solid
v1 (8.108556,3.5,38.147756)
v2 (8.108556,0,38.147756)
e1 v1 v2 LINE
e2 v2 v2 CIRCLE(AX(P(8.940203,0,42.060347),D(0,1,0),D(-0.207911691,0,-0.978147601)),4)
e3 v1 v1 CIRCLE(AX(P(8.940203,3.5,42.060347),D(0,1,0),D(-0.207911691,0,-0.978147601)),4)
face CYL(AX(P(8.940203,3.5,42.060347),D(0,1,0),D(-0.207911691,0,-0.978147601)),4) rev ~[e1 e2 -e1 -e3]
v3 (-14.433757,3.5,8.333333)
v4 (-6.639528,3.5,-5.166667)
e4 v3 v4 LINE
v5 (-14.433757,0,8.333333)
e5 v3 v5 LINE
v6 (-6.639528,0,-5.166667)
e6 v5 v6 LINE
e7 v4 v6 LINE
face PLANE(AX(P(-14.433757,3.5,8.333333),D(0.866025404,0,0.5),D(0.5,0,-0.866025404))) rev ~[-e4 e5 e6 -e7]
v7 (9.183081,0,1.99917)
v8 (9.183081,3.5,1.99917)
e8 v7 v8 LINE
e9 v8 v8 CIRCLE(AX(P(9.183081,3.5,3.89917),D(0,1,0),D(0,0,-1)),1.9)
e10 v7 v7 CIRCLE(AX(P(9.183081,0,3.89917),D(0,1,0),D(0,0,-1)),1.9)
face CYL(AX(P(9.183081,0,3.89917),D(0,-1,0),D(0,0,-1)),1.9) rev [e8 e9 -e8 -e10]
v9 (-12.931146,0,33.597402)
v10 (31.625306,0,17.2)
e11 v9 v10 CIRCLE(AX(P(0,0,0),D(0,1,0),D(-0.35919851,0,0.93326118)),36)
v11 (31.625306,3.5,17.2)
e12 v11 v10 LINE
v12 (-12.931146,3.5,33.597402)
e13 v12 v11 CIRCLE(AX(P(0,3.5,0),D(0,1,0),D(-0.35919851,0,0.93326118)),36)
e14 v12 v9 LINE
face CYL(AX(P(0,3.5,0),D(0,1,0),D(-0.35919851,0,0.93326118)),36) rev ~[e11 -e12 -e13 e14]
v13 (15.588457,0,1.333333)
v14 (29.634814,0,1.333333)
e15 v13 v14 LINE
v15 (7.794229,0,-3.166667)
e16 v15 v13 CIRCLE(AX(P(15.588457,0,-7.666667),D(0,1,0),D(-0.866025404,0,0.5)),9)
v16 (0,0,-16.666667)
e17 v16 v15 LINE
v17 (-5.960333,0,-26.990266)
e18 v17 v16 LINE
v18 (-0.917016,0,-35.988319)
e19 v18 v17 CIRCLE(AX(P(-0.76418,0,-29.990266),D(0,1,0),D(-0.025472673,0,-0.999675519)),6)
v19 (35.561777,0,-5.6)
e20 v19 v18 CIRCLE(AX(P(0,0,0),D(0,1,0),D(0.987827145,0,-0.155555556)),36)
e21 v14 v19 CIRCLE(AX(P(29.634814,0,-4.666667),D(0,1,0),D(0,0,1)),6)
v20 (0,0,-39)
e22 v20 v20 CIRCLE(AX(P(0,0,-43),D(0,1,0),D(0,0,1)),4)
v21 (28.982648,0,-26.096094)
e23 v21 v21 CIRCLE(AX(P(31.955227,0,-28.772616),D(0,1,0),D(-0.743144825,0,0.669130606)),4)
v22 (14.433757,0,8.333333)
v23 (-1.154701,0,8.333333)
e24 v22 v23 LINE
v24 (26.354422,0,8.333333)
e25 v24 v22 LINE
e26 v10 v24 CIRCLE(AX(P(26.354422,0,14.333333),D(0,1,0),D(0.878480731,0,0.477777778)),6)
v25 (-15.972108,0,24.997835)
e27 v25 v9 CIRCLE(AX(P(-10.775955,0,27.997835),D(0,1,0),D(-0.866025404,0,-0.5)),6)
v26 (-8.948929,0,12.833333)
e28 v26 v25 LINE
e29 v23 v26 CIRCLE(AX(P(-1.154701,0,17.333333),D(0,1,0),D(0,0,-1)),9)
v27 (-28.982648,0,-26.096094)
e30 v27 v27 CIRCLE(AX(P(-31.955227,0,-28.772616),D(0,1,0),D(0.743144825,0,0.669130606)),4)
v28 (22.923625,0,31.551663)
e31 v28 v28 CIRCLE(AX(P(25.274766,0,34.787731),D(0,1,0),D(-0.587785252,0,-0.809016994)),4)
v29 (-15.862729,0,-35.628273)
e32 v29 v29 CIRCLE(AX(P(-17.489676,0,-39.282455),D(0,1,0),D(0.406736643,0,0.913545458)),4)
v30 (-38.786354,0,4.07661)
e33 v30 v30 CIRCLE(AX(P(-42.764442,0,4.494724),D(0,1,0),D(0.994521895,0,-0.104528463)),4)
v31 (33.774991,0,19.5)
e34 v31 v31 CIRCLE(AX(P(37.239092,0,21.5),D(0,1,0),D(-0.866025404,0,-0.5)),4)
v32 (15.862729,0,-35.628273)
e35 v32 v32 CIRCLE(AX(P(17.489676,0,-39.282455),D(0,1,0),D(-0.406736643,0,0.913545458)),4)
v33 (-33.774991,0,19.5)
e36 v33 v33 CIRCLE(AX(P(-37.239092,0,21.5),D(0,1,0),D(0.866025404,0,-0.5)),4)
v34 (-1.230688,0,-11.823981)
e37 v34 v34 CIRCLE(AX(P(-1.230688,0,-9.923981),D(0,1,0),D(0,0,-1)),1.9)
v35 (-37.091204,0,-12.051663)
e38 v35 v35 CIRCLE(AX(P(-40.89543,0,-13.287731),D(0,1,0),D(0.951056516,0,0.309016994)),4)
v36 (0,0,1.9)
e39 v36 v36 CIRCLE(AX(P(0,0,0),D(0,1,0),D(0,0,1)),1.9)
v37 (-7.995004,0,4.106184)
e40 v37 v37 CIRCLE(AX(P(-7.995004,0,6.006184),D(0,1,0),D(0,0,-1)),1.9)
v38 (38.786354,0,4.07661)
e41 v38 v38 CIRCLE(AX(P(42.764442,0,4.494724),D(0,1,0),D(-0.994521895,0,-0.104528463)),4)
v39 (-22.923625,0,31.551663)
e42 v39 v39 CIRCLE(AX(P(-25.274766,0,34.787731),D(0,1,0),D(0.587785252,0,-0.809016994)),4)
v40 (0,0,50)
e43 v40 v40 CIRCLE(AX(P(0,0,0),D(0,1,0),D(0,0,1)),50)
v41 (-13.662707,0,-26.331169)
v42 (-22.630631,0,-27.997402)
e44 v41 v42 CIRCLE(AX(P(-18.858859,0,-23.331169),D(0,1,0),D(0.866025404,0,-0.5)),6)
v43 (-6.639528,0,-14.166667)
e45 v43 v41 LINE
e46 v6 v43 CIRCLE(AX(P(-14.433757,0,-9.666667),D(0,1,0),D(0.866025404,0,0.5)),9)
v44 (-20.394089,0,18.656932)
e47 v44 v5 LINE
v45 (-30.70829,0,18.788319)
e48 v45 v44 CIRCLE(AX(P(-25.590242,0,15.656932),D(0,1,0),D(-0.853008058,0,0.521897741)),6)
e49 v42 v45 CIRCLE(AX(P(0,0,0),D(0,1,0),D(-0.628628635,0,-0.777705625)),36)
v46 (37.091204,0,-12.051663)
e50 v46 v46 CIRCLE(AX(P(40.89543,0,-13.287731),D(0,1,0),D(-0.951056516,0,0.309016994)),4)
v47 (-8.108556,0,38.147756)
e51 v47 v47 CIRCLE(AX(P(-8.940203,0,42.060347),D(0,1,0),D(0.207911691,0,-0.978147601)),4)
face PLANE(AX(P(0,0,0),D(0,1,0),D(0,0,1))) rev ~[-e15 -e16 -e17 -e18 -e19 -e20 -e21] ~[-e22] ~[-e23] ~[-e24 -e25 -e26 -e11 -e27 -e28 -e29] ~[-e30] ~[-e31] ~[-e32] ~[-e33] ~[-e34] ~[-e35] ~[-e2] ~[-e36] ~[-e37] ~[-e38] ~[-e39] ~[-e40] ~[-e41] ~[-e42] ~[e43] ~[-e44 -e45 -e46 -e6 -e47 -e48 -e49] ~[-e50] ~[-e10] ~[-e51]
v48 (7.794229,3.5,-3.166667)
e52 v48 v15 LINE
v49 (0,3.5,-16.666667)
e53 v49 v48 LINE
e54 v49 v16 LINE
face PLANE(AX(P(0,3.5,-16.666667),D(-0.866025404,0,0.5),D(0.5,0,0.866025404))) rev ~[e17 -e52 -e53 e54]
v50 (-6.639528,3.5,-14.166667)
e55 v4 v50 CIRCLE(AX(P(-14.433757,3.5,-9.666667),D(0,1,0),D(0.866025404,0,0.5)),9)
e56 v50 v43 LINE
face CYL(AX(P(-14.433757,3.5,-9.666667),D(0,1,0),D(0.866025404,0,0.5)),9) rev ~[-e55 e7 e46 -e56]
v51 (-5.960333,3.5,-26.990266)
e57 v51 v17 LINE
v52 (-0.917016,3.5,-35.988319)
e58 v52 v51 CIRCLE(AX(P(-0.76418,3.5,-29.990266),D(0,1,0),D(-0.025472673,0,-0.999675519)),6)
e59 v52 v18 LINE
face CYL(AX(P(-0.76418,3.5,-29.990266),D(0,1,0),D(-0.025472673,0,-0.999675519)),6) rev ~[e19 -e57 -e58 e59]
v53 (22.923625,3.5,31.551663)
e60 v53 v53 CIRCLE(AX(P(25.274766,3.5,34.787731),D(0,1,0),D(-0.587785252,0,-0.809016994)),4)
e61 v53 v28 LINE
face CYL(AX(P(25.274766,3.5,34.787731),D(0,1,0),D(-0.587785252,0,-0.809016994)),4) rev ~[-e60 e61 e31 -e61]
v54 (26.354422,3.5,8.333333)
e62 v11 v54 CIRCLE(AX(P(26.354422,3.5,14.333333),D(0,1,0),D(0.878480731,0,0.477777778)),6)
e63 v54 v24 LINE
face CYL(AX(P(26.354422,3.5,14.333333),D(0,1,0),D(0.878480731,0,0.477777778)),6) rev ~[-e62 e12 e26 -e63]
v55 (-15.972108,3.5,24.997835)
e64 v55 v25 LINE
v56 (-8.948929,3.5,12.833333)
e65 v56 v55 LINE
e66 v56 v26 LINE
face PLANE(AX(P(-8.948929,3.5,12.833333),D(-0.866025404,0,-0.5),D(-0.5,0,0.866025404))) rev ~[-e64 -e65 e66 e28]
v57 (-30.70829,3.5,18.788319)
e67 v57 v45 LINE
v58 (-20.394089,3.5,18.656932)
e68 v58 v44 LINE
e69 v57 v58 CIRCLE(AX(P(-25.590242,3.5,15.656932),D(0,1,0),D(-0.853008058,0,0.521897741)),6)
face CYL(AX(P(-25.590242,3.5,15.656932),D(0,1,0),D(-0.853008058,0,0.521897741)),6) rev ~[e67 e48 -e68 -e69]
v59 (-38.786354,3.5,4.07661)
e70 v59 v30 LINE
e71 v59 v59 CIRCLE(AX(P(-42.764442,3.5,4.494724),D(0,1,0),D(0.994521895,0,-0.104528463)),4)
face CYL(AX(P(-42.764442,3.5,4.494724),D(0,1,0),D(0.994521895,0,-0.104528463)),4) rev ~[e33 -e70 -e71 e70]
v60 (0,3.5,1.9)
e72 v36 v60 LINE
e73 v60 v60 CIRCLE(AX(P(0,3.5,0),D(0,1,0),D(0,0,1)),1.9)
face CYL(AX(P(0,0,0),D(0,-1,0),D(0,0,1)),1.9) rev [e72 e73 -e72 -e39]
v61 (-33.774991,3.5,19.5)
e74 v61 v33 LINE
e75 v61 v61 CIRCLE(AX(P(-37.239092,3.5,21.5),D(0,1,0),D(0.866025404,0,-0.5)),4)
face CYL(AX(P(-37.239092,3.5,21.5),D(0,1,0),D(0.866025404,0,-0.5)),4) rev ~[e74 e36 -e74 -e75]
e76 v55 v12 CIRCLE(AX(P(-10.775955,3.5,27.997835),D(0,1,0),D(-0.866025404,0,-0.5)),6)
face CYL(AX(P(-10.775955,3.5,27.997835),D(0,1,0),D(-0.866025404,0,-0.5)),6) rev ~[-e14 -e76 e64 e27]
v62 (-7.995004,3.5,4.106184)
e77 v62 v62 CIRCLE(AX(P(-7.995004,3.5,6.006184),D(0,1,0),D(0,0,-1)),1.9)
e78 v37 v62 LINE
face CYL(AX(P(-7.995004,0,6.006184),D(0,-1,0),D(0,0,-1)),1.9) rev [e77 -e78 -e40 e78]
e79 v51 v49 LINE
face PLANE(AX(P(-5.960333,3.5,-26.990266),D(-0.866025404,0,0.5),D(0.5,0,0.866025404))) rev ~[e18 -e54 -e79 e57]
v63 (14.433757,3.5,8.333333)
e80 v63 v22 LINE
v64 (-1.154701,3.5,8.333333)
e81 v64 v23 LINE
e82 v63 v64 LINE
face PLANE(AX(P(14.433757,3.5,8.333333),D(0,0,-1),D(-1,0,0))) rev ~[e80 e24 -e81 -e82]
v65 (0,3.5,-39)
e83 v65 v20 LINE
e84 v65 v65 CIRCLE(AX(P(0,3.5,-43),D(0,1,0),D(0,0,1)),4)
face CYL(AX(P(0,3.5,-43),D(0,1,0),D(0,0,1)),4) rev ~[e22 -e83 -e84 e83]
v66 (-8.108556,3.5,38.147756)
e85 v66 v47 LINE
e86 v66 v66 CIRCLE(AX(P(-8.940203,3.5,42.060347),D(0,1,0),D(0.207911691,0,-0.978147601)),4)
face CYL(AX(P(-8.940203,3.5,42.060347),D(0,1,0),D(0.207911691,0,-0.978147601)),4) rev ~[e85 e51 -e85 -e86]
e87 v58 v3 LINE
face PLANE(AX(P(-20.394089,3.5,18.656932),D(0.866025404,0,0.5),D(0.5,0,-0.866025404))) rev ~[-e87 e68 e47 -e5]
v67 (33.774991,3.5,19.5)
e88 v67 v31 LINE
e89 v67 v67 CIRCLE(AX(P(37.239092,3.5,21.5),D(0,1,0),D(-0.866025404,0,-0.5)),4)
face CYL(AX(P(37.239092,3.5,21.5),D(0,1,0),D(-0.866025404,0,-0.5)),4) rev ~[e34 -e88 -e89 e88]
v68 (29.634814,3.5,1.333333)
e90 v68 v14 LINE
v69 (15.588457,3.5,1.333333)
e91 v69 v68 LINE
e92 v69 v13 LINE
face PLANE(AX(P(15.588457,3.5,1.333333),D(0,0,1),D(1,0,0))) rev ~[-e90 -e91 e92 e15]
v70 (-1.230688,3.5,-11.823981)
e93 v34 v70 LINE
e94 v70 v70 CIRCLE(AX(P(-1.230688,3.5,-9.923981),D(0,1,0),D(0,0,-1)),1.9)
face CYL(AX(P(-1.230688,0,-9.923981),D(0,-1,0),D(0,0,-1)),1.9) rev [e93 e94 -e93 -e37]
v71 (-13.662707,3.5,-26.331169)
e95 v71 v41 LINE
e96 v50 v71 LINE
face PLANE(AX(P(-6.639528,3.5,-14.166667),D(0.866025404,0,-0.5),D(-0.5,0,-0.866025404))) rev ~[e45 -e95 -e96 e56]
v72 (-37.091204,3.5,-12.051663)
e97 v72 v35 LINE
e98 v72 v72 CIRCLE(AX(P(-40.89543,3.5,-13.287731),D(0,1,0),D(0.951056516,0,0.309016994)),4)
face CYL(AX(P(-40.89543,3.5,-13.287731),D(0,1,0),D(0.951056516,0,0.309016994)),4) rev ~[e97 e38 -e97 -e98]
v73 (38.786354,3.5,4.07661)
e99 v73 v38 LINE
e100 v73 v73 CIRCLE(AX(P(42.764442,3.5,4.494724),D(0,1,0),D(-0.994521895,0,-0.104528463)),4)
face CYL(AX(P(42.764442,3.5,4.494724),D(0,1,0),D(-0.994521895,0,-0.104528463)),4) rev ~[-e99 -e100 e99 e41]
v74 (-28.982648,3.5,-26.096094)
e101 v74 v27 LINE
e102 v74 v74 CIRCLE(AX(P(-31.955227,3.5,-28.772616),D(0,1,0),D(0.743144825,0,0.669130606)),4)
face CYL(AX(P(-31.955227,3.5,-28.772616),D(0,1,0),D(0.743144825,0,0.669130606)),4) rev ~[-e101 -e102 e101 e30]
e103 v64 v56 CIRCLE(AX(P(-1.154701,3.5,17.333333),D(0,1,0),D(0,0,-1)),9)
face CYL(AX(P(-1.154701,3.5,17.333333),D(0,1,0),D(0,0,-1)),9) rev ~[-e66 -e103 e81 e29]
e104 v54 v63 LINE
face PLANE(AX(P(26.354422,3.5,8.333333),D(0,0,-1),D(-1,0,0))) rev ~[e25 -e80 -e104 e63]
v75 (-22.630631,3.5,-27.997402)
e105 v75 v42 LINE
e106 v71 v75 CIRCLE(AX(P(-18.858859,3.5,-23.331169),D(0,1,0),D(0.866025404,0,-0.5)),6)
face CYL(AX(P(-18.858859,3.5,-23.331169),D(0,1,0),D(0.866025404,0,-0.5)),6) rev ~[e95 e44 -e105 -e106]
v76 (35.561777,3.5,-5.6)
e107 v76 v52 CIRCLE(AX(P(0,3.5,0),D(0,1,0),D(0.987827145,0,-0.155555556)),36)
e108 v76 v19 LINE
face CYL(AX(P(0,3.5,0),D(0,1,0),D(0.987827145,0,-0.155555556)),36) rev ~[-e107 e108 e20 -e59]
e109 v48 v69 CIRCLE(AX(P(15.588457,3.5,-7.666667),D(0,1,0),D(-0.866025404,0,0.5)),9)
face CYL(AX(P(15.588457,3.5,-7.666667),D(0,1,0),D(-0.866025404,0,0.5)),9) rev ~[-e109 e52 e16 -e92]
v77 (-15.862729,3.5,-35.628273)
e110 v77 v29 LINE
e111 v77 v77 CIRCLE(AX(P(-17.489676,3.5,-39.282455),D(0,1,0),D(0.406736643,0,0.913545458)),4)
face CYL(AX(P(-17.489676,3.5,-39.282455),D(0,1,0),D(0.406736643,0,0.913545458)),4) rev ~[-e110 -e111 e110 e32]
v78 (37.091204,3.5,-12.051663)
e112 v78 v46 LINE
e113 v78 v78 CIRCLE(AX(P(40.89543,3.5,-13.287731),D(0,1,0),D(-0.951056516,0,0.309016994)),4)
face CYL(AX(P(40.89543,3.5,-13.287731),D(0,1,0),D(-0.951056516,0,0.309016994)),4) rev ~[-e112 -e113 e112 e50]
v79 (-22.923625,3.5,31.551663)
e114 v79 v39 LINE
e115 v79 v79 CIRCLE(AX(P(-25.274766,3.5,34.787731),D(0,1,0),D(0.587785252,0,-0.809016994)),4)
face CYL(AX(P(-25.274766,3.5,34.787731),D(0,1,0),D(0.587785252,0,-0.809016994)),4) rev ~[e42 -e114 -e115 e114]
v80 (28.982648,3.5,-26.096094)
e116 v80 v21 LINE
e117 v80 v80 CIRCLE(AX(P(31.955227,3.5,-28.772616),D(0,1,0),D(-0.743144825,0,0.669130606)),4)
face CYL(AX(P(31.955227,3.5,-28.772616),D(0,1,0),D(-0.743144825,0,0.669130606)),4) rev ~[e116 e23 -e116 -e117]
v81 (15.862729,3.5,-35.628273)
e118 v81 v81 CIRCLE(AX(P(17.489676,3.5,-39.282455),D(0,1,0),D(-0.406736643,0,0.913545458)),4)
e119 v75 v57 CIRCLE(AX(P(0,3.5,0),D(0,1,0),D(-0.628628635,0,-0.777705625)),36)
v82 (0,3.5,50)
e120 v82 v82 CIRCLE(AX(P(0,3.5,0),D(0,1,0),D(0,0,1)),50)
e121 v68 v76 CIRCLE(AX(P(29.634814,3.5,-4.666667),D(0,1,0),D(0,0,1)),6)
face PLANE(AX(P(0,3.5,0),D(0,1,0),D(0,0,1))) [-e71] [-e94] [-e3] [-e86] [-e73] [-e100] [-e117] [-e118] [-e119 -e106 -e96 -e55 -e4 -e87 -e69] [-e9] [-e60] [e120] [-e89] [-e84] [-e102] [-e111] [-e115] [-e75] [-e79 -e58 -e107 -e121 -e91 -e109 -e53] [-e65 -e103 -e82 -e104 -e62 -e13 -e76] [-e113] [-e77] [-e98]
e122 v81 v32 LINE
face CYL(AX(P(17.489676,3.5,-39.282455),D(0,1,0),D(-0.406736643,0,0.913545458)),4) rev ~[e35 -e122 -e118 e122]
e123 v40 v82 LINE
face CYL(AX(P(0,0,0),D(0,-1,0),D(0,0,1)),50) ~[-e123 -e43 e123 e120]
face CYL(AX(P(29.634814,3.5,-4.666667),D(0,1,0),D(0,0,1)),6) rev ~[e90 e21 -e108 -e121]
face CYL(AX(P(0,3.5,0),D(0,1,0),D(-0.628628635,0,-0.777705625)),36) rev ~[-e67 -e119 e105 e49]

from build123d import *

# Parameters (mm, degrees)
SKETCH1_R           = 50
SKETCH1_R_2         = 1.9
BOSS_EXTRUDE1_DEPTH = 3.5
SKETCH2_R           = 4
CUT_EXTRUDE1_DEPTH  = 3.5
CIRPATTERN1_COUNT   = 15
CUT_EXTRUDE5_DEPTH  = 10
CIRPATTERN3_COUNT   = 3
SKETCH4_R           = 1.9
CUT_EXTRUDE6_DEPTH  = 3.5


with BuildPart() as part:
    # Sketch1 → Boss-Extrude1 (new body)
    with BuildSketch(Plane(origin=(0, 0, 0), x_dir=(1, 0, 0), z_dir=(0, 1, 0))):
        with Locations(Location((0, 0, 0), (0, 0, 270))):
            Circle(SKETCH1_R)
        with Locations(Location((0, 0, 0), (0, 0, 270))):
            Circle(SKETCH1_R_2, mode=Mode.SUBTRACT)
    extrude(amount=BOSS_EXTRUDE1_DEPTH)

    # Sketch2 → Cut-Extrude1 (cut)
    with BuildSketch(Plane(origin=(0, 3.5, 0), x_dir=(1, 0, 0), z_dir=(0, 1, 0))):
        with Locations(Location((0, 43, 0), (0, 0, 270))):
            Circle(SKETCH2_R)
    cut_extrude1 = extrude(amount=-CUT_EXTRUDE1_DEPTH, mode=Mode.SUBTRACT)

    # CirPattern1: Cut-Extrude1 ×15 about axis
    cirpattern1_axis = Axis((0, 0, 0), (0, 1, 0))
    for i in range(1, CIRPATTERN1_COUNT):
        add(cut_extrude1.rotate(cirpattern1_axis, i * 360 / CIRPATTERN1_COUNT), mode=Mode.SUBTRACT)

    # Sketch3 → Cut-Extrude5 (cut)
    with BuildSketch(Plane(origin=(0, 3.5, 0), x_dir=(1, 0, 0), z_dir=(0, 1, 0))):
        with BuildLine():
            ThreePointArc((7.794228634, 3.166666667), (11.088457268, -0.127561967), (15.588457268, -1.333333333))
            Line((15.588457268, -1.333333333), (29.634814361, -1.333333333))
            ThreePointArc((29.634814361, -1.333333333), (34.195516062, 0.767948929), (35.561777233, 5.6))
            ThreePointArc((35.561777233, 5.6), (23.0418607, 27.659946773), (-0.917016216, 35.988318678))
            ThreePointArc((-0.917016216, 35.988318678), (-5.998123181, 32.92383688), (-5.960332603, 26.990265565))
            Line((-5.960332603, 26.990265565), (0, 16.666666667))
            Line((0, 16.666666667), (7.794228634, 3.166666667))
        make_face()
    cut_extrude5 = extrude(amount=-CUT_EXTRUDE5_DEPTH, mode=Mode.SUBTRACT)

    # CirPattern3: Cut-Extrude5 ×3 about axis
    cirpattern3_axis = Axis((0, 0, 0), (0, 1, 0))
    for i in range(1, CIRPATTERN3_COUNT):
        add(cut_extrude5.rotate(cirpattern3_axis, i * 360 / CIRPATTERN3_COUNT), mode=Mode.SUBTRACT)

    # Sketch4 → Cut-Extrude6 (cut)
    with BuildSketch(Plane(origin=(0, 0, 0), x_dir=(1, 0, 0), z_dir=(0, 1, 0))):
        with Locations(Location((-1.230688491, 9.92398135, 0), (0, 0, 90))):
            Circle(SKETCH4_R)
        with Locations(Location((9.18308139, -3.899170456, 0), (0, 0, 90))):
            Circle(SKETCH4_R)
        with Locations(Location((-7.995004175, -6.006183819, 0), (0, 0, 90))):
            Circle(SKETCH4_R)
    extrude(amount=CUT_EXTRUDE6_DEPTH, mode=Mode.SUBTRACT)


solid = part.part
